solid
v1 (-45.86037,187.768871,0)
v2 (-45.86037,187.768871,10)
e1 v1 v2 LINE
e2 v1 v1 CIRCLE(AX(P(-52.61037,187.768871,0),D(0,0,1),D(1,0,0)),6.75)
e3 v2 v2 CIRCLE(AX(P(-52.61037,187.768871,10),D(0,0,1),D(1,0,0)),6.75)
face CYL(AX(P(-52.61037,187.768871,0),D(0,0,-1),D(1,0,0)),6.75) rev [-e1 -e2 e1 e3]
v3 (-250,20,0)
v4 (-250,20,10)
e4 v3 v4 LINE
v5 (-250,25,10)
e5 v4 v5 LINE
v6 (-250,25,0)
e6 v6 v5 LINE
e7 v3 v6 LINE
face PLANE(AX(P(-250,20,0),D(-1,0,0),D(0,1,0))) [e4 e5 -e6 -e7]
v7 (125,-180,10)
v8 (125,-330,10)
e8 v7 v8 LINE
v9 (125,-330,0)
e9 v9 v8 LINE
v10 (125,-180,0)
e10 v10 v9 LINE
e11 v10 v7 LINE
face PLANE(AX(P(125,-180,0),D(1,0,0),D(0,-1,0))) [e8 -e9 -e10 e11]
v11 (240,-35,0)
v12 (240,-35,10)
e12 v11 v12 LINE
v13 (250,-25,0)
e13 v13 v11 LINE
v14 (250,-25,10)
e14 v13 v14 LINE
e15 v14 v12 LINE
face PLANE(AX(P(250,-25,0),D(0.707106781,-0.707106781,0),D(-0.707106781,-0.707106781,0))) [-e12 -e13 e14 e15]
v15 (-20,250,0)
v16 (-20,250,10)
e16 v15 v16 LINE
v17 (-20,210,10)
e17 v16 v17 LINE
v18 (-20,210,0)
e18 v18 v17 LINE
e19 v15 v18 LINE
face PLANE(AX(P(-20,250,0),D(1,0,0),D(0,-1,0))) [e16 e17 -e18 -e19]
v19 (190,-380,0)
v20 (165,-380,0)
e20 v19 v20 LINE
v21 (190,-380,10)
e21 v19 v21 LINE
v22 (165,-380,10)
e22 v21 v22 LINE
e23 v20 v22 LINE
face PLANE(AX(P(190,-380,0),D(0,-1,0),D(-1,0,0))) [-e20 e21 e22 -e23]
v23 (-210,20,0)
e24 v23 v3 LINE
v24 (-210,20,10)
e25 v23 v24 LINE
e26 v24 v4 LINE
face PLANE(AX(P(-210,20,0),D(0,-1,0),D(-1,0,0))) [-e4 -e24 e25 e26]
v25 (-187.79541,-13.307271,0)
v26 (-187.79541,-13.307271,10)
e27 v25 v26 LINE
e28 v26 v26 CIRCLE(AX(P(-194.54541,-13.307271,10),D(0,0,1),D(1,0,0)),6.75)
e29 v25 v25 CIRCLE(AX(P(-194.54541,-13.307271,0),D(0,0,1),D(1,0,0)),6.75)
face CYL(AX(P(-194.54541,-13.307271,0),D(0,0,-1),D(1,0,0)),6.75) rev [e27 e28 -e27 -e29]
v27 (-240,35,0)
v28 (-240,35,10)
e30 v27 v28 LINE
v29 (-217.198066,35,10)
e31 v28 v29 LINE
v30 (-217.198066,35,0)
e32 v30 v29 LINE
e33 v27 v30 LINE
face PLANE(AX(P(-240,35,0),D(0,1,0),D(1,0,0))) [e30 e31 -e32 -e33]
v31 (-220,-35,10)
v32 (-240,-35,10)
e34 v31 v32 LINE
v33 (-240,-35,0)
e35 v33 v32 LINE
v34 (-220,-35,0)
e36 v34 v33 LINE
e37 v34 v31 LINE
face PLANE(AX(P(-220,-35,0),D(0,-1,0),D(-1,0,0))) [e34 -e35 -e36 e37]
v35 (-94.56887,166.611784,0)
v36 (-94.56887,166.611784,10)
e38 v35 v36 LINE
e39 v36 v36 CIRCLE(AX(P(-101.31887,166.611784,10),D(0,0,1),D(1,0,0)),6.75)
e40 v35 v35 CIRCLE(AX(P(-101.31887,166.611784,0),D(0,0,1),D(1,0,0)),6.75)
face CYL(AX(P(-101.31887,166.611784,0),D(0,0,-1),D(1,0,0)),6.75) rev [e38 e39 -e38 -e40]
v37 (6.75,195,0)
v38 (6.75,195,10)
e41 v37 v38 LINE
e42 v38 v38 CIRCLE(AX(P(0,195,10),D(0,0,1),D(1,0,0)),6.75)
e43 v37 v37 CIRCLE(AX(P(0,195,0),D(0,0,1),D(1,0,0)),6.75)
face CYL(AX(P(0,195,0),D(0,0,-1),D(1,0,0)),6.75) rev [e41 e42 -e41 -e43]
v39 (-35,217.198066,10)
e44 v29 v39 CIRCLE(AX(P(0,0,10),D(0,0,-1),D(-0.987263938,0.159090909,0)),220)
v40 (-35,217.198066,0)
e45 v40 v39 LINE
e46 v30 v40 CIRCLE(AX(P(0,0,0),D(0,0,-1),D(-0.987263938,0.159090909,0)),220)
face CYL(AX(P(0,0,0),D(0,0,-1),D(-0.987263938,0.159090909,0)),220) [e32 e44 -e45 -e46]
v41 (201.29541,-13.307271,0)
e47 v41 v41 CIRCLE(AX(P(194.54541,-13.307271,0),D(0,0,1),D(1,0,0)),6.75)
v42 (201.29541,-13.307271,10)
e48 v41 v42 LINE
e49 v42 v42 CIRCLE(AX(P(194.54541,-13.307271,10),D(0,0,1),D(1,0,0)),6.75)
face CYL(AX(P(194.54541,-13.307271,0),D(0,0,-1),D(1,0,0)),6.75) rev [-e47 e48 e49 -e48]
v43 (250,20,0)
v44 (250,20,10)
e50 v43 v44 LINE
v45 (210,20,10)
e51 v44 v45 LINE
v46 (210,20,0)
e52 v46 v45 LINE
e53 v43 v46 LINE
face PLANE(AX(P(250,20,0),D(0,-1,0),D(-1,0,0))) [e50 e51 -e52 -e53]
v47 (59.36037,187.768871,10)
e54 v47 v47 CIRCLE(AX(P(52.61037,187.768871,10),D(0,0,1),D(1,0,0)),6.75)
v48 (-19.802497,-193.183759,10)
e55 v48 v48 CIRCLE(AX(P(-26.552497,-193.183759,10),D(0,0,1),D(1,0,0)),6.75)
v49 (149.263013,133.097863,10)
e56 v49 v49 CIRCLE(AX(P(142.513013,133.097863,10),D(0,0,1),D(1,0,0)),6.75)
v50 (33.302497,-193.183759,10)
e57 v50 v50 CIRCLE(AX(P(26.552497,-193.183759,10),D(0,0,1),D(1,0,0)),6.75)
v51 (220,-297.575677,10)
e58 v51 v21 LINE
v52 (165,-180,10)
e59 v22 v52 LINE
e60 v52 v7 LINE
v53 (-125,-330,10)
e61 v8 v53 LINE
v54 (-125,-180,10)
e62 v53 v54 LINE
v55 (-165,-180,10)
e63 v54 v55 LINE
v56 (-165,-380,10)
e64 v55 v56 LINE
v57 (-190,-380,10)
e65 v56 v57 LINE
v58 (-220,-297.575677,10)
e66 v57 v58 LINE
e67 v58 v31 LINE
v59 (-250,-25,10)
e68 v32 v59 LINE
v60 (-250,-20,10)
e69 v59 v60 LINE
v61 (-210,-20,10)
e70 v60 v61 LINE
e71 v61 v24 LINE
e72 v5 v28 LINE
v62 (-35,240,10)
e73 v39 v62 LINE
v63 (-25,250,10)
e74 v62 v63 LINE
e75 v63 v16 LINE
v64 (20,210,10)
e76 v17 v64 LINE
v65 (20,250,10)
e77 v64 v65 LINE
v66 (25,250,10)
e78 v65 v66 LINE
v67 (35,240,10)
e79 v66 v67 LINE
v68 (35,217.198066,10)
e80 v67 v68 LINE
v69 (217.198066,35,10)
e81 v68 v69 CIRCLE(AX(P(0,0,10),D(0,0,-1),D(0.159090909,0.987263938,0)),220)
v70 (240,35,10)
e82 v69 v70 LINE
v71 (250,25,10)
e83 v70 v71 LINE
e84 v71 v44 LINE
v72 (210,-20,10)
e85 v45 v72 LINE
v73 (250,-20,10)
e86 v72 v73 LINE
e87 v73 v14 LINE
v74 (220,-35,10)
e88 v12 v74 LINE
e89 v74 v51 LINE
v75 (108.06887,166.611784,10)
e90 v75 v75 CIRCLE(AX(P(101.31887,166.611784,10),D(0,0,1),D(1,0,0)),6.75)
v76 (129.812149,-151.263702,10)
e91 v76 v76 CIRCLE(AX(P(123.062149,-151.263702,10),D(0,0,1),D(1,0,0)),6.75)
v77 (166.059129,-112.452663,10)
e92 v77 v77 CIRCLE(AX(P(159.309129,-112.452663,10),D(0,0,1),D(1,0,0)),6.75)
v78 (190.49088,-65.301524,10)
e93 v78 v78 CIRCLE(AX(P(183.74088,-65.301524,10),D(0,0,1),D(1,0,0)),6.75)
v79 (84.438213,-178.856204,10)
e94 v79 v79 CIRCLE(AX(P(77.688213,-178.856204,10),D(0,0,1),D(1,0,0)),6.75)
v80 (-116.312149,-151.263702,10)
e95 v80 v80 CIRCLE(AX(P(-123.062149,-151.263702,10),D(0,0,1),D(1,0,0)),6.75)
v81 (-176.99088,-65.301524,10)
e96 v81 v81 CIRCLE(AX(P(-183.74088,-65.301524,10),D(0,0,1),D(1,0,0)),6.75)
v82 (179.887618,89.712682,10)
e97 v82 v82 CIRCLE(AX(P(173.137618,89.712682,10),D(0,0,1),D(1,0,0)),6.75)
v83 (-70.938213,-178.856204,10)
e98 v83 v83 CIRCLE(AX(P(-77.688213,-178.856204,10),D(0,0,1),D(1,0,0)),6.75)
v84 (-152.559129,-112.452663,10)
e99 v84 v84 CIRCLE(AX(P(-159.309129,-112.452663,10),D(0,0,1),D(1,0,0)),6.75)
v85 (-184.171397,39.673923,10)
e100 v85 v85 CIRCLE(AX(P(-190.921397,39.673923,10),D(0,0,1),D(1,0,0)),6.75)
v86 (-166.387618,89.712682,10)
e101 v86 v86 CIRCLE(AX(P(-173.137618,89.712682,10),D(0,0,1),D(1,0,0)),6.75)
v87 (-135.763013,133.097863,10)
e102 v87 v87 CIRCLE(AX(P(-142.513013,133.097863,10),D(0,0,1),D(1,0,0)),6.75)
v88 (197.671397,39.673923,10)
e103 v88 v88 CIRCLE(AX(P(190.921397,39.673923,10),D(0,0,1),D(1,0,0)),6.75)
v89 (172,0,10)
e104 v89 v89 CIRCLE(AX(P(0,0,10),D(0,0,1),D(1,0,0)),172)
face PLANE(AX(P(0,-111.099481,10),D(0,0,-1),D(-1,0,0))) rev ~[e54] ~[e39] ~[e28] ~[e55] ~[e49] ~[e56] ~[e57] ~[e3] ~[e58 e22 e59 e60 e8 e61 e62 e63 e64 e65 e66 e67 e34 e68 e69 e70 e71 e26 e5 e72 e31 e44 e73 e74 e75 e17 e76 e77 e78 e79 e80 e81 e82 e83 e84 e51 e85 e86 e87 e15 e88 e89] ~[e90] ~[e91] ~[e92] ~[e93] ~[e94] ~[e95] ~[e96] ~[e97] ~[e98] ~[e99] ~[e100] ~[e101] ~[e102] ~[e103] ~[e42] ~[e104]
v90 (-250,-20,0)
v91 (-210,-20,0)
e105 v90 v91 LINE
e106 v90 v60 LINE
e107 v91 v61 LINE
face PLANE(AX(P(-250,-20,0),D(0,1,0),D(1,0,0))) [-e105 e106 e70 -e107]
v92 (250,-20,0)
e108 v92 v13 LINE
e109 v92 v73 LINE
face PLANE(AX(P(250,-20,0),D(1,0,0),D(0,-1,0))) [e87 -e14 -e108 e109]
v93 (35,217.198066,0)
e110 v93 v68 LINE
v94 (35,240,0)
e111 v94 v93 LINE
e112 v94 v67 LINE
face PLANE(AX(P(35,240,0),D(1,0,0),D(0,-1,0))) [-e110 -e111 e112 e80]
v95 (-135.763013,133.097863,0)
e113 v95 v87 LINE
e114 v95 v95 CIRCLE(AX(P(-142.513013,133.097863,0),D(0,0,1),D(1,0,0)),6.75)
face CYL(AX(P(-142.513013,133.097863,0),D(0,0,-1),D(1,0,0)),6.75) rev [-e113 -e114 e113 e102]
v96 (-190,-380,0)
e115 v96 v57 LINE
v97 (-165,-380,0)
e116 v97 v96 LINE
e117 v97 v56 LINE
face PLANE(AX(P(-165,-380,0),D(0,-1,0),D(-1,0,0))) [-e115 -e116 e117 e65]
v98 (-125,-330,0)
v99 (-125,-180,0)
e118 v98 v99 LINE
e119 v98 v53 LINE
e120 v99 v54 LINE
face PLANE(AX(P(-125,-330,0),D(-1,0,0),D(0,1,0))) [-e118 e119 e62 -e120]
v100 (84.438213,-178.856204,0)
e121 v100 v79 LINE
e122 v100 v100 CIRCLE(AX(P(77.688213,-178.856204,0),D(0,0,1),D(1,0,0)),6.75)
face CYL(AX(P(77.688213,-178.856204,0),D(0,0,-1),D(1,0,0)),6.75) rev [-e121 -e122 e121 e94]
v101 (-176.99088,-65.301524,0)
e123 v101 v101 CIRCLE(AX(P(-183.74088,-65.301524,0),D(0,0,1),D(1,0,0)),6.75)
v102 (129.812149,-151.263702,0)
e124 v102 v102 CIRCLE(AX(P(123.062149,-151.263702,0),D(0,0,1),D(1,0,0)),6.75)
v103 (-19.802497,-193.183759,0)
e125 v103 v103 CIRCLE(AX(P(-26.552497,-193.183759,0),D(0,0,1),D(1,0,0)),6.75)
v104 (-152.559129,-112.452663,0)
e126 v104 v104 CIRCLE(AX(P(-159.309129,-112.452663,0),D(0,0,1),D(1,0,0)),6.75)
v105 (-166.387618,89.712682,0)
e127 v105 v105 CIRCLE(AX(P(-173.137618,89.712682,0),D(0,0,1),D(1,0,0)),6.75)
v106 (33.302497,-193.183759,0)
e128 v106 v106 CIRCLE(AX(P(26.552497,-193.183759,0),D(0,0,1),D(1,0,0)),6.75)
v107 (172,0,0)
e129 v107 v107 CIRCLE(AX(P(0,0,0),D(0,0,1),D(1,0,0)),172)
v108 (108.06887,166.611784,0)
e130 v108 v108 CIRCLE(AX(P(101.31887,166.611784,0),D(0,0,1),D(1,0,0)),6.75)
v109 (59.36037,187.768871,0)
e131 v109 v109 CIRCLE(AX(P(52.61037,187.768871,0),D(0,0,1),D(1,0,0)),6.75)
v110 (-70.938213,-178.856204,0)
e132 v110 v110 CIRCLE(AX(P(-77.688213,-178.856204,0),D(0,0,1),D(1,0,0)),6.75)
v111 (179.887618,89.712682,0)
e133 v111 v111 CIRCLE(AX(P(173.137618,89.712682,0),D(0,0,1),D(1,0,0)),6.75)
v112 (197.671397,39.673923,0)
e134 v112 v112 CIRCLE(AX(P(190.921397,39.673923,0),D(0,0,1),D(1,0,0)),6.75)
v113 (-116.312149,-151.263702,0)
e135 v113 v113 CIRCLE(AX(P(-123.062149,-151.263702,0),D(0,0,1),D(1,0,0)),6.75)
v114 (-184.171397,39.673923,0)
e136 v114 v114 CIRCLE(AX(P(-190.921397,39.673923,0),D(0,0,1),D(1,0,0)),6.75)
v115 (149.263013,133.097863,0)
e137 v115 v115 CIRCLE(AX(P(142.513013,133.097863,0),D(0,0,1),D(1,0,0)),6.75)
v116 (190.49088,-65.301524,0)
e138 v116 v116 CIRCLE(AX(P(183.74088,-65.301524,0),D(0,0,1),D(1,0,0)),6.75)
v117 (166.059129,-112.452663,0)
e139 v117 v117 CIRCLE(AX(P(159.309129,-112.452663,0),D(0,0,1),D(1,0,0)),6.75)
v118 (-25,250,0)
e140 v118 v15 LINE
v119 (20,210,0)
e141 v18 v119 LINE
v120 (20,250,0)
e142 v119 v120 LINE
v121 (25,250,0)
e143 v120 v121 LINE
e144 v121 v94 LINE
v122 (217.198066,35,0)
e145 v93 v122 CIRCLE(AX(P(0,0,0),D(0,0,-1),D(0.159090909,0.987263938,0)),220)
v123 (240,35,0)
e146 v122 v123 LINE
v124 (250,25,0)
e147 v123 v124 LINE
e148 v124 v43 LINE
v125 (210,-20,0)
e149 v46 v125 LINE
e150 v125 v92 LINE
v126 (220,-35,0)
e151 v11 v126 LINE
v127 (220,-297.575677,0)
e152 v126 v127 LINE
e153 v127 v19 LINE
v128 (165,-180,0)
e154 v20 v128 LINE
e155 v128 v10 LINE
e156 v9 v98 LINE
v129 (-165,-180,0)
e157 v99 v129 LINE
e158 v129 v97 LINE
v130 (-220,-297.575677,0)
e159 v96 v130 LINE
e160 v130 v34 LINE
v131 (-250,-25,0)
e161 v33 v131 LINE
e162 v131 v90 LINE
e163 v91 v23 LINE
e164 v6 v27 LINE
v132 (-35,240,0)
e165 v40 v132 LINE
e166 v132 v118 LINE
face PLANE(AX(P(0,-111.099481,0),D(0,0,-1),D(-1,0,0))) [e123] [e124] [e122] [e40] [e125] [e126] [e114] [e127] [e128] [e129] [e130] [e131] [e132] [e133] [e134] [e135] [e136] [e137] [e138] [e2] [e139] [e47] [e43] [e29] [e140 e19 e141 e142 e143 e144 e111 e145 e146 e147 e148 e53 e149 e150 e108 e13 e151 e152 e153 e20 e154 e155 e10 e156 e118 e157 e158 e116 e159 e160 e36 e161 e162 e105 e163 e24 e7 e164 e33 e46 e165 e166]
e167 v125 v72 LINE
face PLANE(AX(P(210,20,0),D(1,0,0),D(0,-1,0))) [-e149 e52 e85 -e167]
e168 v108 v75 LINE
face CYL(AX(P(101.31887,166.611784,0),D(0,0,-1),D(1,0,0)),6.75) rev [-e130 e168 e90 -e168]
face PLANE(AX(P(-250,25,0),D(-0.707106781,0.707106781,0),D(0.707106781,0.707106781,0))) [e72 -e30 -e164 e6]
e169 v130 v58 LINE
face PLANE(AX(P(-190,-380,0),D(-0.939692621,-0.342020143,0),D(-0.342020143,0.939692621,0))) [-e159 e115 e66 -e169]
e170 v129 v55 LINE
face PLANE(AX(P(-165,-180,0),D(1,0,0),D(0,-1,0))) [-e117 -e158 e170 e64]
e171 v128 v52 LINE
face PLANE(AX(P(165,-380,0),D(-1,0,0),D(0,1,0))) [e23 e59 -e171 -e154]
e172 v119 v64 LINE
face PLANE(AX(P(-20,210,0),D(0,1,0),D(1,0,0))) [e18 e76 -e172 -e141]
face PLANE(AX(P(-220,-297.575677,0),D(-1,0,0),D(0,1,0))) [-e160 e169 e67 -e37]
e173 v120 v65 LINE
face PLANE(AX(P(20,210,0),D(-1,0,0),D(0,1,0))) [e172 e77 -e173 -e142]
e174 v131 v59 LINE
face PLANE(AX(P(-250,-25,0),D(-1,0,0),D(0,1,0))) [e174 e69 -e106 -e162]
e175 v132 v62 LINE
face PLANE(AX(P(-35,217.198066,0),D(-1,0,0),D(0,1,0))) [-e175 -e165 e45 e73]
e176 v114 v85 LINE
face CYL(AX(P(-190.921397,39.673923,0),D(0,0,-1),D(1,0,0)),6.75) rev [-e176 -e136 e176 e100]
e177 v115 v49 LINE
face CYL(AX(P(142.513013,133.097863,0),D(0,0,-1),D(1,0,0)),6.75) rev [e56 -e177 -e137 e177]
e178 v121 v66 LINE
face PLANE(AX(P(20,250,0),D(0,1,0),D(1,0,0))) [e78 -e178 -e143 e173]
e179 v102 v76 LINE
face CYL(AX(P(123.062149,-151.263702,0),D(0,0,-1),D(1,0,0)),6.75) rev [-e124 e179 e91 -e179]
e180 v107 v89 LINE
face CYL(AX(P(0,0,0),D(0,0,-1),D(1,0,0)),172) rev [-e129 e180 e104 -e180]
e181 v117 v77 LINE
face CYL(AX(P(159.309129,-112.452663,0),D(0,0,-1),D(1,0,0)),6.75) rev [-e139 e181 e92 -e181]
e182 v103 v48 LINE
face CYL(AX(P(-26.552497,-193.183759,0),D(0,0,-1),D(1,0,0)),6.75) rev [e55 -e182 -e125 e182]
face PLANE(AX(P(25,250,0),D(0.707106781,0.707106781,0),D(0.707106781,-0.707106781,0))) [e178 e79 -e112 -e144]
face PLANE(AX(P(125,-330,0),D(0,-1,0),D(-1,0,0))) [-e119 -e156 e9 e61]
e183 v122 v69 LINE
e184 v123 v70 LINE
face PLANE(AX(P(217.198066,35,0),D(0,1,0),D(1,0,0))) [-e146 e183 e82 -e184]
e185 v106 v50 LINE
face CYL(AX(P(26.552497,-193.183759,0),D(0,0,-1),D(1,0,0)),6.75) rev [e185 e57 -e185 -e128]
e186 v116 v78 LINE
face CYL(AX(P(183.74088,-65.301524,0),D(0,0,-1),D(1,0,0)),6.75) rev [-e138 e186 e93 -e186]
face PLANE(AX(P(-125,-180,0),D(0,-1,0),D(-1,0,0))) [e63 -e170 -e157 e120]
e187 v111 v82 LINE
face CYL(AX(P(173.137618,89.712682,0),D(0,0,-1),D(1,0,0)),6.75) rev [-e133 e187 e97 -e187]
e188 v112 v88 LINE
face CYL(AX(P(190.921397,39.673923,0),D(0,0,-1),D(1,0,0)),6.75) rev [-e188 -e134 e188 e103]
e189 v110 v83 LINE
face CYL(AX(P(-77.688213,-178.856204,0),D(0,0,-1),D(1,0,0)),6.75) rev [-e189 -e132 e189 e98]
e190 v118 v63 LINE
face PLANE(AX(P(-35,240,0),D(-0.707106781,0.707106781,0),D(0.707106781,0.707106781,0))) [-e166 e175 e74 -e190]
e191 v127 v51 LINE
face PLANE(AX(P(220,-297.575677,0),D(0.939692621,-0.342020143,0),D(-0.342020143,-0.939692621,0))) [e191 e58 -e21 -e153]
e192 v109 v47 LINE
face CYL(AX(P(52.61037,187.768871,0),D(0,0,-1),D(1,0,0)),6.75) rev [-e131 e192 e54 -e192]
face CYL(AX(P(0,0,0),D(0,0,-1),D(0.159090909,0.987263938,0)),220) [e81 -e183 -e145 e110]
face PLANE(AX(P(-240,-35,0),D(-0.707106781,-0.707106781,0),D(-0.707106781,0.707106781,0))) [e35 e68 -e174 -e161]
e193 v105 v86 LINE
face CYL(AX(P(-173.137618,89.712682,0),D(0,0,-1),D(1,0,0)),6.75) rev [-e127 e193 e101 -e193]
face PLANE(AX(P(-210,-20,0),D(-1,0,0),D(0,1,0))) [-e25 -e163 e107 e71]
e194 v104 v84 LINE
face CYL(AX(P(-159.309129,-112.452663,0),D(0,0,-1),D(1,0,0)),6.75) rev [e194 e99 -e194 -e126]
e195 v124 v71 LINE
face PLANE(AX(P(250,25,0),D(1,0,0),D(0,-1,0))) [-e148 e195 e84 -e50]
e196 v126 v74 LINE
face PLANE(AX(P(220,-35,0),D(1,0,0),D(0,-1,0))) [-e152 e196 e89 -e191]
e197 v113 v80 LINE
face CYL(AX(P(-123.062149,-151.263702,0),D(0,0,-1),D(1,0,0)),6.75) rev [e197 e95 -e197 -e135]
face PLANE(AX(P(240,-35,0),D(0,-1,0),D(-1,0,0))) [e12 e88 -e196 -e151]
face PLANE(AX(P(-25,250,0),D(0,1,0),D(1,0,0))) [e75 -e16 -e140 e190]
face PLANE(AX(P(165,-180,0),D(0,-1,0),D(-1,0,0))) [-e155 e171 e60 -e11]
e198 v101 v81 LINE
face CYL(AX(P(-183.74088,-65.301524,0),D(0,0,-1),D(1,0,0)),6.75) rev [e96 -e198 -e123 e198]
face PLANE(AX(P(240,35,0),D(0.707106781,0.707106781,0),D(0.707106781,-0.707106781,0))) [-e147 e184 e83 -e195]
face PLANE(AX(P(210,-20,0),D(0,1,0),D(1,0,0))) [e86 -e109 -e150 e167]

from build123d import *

# Parameters (mm, degrees)
ESQUISSE1_R        = 6.75
ESQUISSE1_R_2      = 172
BOSS_EXTRU_1_DEPTH = 10


with BuildPart() as part:
    # Esquisse1 → Boss.-Extru.1 (new body)
    with BuildSketch(Plane.XY):
        with BuildLine():
            Line((220, -35), (220, -297.575677416))
            Line((220, -297.575677416), (190, -380))
            Line((190, -380), (165, -380))
            Line((165, -380), (165, -180))
            Line((165, -180), (125, -180))
            Line((125, -180), (125, -330))
            Line((125, -330), (-125, -330))
            Line((-125, -330), (-125, -180))
            Line((-125, -180), (-165, -180))
            Line((-165, -180), (-165, -380))
            Line((-165, -380), (-190, -380))
            Line((-190, -380), (-220, -297.575677416))
            Line((-220, -297.575677416), (-220, -35))
            Line((-220, -35), (-240, -35))
            Line((-240, -35), (-250, -25))
            Line((-250, -25), (-250, -20))
            Line((-250, -20), (-210, -20))
            Line((-210, -20), (-210, 20))
            Line((-210, 20), (-250, 20))
            Line((-250, 20), (-250, 25))
            Line((-250, 25), (-240, 35))
            Line((-240, 35), (-217.19806629, 35))
            ThreePointArc((-217.19806629, 35), (-155.563491861, 155.563491861), (-35, 217.19806629))
            Line((-35, 217.19806629), (-35, 240))
            Line((-35, 240), (-25, 250))
            Line((-25, 250), (-20, 250))
            Line((-20, 250), (-20, 210))
            Line((-20, 210), (20, 210))
            Line((20, 210), (20, 250))
            Line((20, 250), (25, 250))
            Line((25, 250), (35, 240))
            Line((35, 240), (35, 217.19806629))
            ThreePointArc((35, 217.19806629), (155.563491861, 155.563491861), (217.19806629, 35))
            Line((217.19806629, 35), (240, 35))
            Line((240, 35), (250, 25))
            Line((250, 25), (250, 20))
            Line((250, 20), (210, 20))
            Line((210, 20), (210, -20))
            Line((210, -20), (250, -20))
            Line((250, -20), (250, -25))
            Line((250, -25), (240, -35))
            Line((240, -35), (220, -35))
        make_face()
        with Locations((0, 195)):
            Circle(ESQUISSE1_R, mode=Mode.SUBTRACT)
        Circle(ESQUISSE1_R_2, mode=Mode.SUBTRACT)
        with Locations((52.610370376, 187.768871033)):
            Circle(ESQUISSE1_R, mode=Mode.SUBTRACT)
        with Locations((101.318870257, 166.611783887)):
            Circle(ESQUISSE1_R, mode=Mode.SUBTRACT)
        with Locations((142.513013034, 133.097862928)):
            Circle(ESQUISSE1_R, mode=Mode.SUBTRACT)
        with Locations((173.137617588, 89.712682358)):
            Circle(ESQUISSE1_R, mode=Mode.SUBTRACT)
        with Locations((190.921397098, 39.673922545)):
            Circle(ESQUISSE1_R, mode=Mode.SUBTRACT)
        with Locations((194.545409992, -13.307270606)):
            Circle(ESQUISSE1_R, mode=Mode.SUBTRACT)
        with Locations((183.740879813, -65.301524373)):
            Circle(ESQUISSE1_R, mode=Mode.SUBTRACT)
        with Locations((159.309129137, -112.452662812)):
            Circle(ESQUISSE1_R, mode=Mode.SUBTRACT)
        with Locations((123.062149144, -151.263701687)):
            Circle(ESQUISSE1_R, mode=Mode.SUBTRACT)
        with Locations((77.68821252, -178.856203794)):
            Circle(ESQUISSE1_R, mode=Mode.SUBTRACT)
        with Locations((26.552496574, -193.183759477)):
            Circle(ESQUISSE1_R, mode=Mode.SUBTRACT)
        with Locations((-26.552496574, -193.183759477)):
            Circle(ESQUISSE1_R, mode=Mode.SUBTRACT)
        with Locations((-77.68821252, -178.856203794)):
            Circle(ESQUISSE1_R, mode=Mode.SUBTRACT)
        with Locations((-123.062149144, -151.263701687)):
            Circle(ESQUISSE1_R, mode=Mode.SUBTRACT)
        with Locations((-159.309129137, -112.452662812)):
            Circle(ESQUISSE1_R, mode=Mode.SUBTRACT)
        with Locations((-183.740879813, -65.301524373)):
            Circle(ESQUISSE1_R, mode=Mode.SUBTRACT)
        with Locations((-194.545409992, -13.307270606)):
            Circle(ESQUISSE1_R, mode=Mode.SUBTRACT)
        with Locations((-190.921397098, 39.673922545)):
            Circle(ESQUISSE1_R, mode=Mode.SUBTRACT)
        with Locations((-173.137617588, 89.712682358)):
            Circle(ESQUISSE1_R, mode=Mode.SUBTRACT)
        with Locations((-142.513013034, 133.097862928)):
            Circle(ESQUISSE1_R, mode=Mode.SUBTRACT)
        with Locations((-101.318870257, 166.611783887)):
            Circle(ESQUISSE1_R, mode=Mode.SUBTRACT)
        with Locations((-52.610370376, 187.768871033)):
            Circle(ESQUISSE1_R, mode=Mode.SUBTRACT)
    extrude(amount=BOSS_EXTRU_1_DEPTH)


solid = part.part
